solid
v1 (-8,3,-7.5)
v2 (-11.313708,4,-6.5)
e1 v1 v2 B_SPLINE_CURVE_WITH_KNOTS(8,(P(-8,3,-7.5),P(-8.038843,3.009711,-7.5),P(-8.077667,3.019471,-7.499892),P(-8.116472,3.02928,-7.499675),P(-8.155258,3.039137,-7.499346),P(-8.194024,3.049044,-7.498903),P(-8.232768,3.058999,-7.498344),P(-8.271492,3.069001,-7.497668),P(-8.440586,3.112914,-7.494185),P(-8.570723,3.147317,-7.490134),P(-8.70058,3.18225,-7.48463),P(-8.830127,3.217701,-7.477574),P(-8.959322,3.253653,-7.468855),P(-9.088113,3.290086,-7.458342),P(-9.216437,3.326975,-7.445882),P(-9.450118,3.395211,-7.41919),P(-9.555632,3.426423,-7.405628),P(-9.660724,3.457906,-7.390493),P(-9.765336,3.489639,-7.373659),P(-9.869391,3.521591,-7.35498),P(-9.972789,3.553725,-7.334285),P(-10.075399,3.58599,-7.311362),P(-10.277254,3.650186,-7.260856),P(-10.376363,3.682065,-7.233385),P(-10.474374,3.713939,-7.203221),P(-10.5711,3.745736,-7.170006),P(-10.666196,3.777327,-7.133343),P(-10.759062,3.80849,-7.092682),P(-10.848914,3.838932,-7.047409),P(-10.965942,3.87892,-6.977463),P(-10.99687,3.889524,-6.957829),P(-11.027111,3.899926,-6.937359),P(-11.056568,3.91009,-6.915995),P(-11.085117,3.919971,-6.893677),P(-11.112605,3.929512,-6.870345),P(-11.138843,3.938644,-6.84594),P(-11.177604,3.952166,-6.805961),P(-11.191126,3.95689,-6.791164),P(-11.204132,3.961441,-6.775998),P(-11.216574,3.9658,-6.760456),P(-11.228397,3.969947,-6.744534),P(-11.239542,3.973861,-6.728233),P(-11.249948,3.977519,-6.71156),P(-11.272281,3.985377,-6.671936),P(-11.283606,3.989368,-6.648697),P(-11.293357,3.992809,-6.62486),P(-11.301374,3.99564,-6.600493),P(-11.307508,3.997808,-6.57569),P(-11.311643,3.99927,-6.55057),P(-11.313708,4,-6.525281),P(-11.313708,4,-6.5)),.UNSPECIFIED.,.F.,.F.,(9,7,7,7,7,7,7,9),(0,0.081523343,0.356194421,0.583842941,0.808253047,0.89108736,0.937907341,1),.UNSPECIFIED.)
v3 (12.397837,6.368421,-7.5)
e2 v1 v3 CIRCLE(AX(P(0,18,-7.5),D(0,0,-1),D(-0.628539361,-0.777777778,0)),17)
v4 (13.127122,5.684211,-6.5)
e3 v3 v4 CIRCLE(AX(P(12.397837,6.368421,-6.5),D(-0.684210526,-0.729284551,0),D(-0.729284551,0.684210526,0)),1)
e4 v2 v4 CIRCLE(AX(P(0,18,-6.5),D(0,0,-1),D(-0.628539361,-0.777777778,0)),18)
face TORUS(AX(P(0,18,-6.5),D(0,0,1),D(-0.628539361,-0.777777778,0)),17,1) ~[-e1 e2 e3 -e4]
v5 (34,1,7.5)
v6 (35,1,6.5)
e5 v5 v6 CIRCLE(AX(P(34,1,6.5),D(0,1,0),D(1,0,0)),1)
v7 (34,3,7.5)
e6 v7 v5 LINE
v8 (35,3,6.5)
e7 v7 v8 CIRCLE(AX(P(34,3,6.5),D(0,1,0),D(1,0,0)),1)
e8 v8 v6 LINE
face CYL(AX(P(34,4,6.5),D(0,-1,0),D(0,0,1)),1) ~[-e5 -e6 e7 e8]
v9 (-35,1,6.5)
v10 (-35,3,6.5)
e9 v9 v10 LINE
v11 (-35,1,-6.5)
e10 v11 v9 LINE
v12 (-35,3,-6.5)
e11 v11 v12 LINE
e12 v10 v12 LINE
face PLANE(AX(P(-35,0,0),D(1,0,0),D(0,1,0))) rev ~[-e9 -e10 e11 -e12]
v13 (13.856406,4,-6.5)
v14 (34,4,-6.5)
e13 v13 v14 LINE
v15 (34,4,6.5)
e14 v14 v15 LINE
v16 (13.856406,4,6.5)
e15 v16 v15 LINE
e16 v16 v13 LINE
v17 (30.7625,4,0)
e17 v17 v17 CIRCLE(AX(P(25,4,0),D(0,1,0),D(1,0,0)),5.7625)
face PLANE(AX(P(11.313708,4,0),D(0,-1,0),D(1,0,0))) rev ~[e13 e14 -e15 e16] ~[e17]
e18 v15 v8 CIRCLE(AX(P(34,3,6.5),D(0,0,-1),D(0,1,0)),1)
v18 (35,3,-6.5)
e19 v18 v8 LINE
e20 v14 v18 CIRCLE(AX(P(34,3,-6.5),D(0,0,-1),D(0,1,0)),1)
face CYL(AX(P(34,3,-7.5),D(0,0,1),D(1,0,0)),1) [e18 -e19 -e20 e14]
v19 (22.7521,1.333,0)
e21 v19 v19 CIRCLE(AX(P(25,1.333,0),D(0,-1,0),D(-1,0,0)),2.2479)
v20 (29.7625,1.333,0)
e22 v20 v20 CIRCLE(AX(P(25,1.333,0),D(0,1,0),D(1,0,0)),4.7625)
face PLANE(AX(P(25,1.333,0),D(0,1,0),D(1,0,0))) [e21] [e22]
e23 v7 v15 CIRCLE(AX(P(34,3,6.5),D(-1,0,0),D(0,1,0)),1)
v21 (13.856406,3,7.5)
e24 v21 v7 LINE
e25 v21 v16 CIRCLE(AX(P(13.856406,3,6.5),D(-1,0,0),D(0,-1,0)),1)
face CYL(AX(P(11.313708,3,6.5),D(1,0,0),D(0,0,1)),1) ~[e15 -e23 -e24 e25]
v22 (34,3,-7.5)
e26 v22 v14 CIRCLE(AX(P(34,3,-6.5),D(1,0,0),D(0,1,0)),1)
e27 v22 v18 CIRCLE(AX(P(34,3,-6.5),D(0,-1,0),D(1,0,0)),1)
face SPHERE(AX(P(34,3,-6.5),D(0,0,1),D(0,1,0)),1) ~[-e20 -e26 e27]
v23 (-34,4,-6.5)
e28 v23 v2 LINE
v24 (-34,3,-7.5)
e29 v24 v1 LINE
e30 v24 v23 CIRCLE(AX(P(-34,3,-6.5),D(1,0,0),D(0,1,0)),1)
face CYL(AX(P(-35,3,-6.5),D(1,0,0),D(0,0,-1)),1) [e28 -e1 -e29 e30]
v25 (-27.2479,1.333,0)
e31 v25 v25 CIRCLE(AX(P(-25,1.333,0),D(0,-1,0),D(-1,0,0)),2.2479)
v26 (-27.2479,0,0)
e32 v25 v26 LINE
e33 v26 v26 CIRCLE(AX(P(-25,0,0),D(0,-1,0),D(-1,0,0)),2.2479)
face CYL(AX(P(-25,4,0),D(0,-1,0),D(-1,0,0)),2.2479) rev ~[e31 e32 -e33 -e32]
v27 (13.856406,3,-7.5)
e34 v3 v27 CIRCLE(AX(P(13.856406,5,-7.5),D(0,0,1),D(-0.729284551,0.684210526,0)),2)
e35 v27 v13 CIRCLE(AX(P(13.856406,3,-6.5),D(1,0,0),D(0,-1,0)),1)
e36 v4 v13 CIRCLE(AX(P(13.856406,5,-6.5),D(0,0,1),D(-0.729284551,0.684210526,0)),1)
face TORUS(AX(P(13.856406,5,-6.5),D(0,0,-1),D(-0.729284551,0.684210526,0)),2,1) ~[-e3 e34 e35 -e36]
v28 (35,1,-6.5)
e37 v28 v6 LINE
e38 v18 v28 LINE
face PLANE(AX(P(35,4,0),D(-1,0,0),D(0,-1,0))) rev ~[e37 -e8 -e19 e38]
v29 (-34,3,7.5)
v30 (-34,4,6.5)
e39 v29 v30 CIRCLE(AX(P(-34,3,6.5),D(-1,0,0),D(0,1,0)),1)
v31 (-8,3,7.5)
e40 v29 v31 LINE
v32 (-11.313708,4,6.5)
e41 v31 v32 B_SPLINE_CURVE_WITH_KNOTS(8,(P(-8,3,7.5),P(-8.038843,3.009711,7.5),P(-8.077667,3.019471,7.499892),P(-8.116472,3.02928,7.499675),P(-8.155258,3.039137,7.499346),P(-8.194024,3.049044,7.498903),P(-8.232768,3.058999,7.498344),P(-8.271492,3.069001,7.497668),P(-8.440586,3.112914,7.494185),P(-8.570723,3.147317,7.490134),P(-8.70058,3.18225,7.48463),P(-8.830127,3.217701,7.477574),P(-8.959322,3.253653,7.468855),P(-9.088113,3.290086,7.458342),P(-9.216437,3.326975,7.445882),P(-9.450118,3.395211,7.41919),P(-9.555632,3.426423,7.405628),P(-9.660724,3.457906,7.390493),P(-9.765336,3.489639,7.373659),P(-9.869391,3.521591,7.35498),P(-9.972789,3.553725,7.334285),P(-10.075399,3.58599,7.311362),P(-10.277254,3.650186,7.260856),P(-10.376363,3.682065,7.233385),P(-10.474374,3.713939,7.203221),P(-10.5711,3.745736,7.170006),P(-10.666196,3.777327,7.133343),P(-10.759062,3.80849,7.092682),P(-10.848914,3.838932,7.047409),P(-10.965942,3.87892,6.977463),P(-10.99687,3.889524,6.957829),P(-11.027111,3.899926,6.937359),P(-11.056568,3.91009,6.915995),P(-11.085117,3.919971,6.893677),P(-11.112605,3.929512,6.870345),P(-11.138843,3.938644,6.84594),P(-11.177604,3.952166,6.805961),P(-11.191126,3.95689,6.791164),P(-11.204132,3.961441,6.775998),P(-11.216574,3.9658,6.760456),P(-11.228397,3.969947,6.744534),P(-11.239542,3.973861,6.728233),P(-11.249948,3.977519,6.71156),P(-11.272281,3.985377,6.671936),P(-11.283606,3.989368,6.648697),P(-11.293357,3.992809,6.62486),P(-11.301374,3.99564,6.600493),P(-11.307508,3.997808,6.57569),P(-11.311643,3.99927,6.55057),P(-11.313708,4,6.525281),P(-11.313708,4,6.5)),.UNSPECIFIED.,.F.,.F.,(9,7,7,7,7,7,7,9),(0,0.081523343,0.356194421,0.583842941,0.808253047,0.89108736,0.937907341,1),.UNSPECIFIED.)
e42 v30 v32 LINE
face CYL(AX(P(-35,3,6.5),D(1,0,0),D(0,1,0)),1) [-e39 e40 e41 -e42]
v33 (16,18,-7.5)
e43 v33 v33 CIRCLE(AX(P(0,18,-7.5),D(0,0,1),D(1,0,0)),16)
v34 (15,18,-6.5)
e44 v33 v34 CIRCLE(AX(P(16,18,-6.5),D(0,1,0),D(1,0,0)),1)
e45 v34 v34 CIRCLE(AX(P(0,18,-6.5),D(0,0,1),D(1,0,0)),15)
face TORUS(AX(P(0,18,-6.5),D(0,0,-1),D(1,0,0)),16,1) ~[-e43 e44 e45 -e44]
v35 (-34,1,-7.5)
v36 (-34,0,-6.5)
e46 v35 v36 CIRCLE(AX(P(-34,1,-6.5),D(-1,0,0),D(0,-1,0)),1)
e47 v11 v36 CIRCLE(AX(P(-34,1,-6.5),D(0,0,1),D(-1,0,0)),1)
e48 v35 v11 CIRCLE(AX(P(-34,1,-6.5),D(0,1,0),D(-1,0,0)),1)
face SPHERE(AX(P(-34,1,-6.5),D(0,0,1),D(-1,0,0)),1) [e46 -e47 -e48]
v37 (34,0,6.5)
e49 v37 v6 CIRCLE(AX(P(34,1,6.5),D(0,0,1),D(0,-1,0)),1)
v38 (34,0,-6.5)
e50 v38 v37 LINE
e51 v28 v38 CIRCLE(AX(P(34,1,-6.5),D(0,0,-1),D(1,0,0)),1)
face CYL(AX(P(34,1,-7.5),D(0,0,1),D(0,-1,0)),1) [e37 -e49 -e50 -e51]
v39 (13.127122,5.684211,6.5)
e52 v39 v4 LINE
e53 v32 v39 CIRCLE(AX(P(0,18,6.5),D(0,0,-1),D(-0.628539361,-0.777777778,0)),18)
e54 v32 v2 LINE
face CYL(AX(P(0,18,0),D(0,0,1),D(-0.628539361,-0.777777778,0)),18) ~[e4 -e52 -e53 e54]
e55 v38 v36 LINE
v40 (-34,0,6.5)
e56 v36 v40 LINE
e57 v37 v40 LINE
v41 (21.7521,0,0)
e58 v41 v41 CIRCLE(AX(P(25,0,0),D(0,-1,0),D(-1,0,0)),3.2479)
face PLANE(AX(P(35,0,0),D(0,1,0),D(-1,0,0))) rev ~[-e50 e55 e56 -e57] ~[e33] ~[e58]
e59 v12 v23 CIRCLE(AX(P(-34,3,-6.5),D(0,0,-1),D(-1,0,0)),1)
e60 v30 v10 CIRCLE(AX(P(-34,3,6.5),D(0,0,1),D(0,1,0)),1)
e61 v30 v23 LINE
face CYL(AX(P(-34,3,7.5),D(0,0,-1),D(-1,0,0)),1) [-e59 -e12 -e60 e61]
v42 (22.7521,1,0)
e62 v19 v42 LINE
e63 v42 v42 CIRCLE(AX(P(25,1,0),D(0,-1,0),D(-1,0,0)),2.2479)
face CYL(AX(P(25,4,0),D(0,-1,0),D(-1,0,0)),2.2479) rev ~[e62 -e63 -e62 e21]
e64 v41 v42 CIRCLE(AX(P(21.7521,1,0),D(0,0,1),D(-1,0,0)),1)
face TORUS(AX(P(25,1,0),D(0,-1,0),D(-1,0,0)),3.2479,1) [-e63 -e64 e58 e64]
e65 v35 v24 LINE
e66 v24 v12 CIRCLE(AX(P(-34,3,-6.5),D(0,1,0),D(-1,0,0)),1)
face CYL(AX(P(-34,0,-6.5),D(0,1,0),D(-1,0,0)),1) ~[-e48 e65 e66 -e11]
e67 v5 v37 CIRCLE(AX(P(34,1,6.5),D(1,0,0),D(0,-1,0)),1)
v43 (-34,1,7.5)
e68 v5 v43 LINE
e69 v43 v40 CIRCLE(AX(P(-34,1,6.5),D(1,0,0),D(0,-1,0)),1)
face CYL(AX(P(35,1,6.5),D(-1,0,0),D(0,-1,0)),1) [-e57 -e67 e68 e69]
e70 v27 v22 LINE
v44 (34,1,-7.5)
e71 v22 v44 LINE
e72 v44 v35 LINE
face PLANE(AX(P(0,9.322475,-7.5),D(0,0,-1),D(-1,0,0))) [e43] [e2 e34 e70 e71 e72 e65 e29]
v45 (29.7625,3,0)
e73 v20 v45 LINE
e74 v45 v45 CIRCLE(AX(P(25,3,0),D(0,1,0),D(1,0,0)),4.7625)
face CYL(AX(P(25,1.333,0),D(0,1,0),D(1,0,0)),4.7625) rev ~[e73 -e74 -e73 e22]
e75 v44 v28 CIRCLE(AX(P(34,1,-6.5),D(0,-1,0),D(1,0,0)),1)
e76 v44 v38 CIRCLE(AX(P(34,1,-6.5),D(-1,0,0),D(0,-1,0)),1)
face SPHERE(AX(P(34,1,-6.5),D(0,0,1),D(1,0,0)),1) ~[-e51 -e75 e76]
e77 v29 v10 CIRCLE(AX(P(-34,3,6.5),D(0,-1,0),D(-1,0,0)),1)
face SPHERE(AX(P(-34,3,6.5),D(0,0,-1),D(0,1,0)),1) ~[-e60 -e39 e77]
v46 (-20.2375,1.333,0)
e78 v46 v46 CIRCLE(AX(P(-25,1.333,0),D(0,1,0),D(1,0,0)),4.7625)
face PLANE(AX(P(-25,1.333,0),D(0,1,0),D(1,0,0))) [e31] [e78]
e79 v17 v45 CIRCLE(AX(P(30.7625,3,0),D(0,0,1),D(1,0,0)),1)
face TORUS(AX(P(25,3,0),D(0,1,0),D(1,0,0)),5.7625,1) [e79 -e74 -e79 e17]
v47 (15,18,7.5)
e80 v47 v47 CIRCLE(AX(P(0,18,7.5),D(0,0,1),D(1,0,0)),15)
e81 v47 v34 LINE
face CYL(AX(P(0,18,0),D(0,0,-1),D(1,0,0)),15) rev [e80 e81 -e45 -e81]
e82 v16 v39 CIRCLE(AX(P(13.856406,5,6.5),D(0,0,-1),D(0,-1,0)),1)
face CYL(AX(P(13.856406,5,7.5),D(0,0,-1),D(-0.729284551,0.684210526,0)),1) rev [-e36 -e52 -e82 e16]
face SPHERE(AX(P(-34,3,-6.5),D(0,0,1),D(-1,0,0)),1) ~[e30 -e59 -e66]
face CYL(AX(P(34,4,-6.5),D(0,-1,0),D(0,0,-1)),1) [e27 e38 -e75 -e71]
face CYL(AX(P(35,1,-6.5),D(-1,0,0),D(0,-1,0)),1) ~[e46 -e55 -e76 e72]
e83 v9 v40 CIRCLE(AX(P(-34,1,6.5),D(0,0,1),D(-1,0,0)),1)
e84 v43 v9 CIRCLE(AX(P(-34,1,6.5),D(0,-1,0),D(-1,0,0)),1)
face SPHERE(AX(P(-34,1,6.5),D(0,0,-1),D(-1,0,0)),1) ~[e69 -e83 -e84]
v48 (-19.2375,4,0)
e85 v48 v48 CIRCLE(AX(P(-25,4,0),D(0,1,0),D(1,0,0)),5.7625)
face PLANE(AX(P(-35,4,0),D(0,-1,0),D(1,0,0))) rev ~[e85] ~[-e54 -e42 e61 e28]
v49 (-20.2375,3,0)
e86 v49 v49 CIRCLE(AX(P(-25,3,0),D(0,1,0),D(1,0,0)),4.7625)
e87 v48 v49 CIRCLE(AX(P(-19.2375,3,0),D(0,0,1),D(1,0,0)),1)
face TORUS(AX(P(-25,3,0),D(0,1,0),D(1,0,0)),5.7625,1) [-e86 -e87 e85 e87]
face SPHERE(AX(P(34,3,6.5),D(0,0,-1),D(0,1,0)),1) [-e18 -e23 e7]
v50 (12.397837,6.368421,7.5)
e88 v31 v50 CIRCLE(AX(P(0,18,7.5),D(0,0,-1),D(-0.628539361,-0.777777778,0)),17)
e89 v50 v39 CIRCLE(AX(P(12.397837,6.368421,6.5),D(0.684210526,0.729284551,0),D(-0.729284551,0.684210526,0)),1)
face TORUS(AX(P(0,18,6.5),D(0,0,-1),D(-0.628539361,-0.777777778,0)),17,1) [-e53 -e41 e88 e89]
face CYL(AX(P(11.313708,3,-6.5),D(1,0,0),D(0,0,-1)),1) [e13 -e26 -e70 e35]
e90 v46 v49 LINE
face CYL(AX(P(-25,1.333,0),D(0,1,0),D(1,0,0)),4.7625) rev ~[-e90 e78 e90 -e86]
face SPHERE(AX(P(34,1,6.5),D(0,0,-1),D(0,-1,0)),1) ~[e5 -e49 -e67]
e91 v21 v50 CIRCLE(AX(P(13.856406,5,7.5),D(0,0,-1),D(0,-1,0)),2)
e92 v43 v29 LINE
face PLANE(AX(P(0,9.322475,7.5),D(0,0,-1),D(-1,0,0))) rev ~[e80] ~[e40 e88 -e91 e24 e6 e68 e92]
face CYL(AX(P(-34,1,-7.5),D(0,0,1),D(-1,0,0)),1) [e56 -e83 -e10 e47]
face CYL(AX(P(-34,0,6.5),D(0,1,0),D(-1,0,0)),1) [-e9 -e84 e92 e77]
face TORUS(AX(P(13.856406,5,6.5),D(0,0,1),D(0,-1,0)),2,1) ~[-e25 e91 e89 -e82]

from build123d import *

# Parameters (mm, degrees)
SKETCH1_R                                           = 15
BOSS_EXTRUDE1_DEPTH                                 = 7.5
CBORE_FOR_8_BINDING_HEAD_MACHINE_SCREW1_D           = 4.4958
CBORE_FOR_8_BINDING_HEAD_MACHINE_SCREW1_DEPTH       = 10
CBORE_FOR_8_BINDING_HEAD_MACHINE_SCREW1_CBORE_D     = 9.525
CBORE_FOR_8_BINDING_HEAD_MACHINE_SCREW1_CBORE_DEPTH = 2.667
CBORE_FOR_8_BINDING_HEAD_MACHINE_SCREW1_TIP         = 1.350674586
FILLET1_R                                           = 1


with BuildPart() as part:
    # Sketch1 → Boss-Extrude1 (new, symmetric)
    with BuildSketch(Plane.XY):
        with BuildLine():
            Line((-35, 0), (-35, 4))
            Line((-35, 4), (-11.313708499, 4))
            ThreePointArc((-11.313708499, 4), (0, 36), (11.313708499, 4))
            Line((11.313708499, 4), (35, 4))
            Line((35, 4), (35, 0))
            Line((35, 0), (-35, 0))
        make_face()
        with Locations((0, 18)):
            Circle(SKETCH1_R, mode=Mode.SUBTRACT)
    extrude(amount=BOSS_EXTRUDE1_DEPTH, both=True)

    # CBORE for #8 Binding Head Machine Screw1
    with Locations(Plane(origin=(0, 4, 0), x_dir=(1, 0, 0), z_dir=(0, 1, 0))):
        with Locations((-25, 0), (25, 0)):
            CounterBoreHole(CBORE_FOR_8_BINDING_HEAD_MACHINE_SCREW1_D / 2, CBORE_FOR_8_BINDING_HEAD_MACHINE_SCREW1_CBORE_D / 2, CBORE_FOR_8_BINDING_HEAD_MACHINE_SCREW1_CBORE_DEPTH, depth=CBORE_FOR_8_BINDING_HEAD_MACHINE_SCREW1_DEPTH)
            with Locations((0, 0, -(CBORE_FOR_8_BINDING_HEAD_MACHINE_SCREW1_DEPTH + CBORE_FOR_8_BINDING_HEAD_MACHINE_SCREW1_TIP / 2))):  # 118° drill point
                Cone(0, CBORE_FOR_8_BINDING_HEAD_MACHINE_SCREW1_D / 2, CBORE_FOR_8_BINDING_HEAD_MACHINE_SCREW1_TIP, mode=Mode.SUBTRACT)

    # Fillet1
    fillet1_edges = [part.edges().sort_by_distance(p)[0] for p in [
        (-35, 0, 0),
        (-35, 4, 0),
        (11.313708499, 4, 0),
        (35, 4, 0),
        (35, 0, 0),
        (23.156854249, 4, 7.5),
        (0, 36, 7.5),
        (-15, 18, -7.5),
        (-23.156854249, 4, 7.5),
        (-35, 2, 7.5),
        (27.2479, 0, 0),
        (20.2375, 4, 0),
        (-29.7625, 4, 0),
        (0, 0, 7.5),
        (-35, 2, -7.5),
        (-23.156854249, 4, -7.5),
        (0, 36, -7.5),
        (23.156854249, 4, -7.5),
        (35, 2, -7.5),
        (0, 0, -7.5),
        (35, 2, 7.5),
    ]]
    fillet(fillet1_edges, radius=FILLET1_R)


solid = part.part
